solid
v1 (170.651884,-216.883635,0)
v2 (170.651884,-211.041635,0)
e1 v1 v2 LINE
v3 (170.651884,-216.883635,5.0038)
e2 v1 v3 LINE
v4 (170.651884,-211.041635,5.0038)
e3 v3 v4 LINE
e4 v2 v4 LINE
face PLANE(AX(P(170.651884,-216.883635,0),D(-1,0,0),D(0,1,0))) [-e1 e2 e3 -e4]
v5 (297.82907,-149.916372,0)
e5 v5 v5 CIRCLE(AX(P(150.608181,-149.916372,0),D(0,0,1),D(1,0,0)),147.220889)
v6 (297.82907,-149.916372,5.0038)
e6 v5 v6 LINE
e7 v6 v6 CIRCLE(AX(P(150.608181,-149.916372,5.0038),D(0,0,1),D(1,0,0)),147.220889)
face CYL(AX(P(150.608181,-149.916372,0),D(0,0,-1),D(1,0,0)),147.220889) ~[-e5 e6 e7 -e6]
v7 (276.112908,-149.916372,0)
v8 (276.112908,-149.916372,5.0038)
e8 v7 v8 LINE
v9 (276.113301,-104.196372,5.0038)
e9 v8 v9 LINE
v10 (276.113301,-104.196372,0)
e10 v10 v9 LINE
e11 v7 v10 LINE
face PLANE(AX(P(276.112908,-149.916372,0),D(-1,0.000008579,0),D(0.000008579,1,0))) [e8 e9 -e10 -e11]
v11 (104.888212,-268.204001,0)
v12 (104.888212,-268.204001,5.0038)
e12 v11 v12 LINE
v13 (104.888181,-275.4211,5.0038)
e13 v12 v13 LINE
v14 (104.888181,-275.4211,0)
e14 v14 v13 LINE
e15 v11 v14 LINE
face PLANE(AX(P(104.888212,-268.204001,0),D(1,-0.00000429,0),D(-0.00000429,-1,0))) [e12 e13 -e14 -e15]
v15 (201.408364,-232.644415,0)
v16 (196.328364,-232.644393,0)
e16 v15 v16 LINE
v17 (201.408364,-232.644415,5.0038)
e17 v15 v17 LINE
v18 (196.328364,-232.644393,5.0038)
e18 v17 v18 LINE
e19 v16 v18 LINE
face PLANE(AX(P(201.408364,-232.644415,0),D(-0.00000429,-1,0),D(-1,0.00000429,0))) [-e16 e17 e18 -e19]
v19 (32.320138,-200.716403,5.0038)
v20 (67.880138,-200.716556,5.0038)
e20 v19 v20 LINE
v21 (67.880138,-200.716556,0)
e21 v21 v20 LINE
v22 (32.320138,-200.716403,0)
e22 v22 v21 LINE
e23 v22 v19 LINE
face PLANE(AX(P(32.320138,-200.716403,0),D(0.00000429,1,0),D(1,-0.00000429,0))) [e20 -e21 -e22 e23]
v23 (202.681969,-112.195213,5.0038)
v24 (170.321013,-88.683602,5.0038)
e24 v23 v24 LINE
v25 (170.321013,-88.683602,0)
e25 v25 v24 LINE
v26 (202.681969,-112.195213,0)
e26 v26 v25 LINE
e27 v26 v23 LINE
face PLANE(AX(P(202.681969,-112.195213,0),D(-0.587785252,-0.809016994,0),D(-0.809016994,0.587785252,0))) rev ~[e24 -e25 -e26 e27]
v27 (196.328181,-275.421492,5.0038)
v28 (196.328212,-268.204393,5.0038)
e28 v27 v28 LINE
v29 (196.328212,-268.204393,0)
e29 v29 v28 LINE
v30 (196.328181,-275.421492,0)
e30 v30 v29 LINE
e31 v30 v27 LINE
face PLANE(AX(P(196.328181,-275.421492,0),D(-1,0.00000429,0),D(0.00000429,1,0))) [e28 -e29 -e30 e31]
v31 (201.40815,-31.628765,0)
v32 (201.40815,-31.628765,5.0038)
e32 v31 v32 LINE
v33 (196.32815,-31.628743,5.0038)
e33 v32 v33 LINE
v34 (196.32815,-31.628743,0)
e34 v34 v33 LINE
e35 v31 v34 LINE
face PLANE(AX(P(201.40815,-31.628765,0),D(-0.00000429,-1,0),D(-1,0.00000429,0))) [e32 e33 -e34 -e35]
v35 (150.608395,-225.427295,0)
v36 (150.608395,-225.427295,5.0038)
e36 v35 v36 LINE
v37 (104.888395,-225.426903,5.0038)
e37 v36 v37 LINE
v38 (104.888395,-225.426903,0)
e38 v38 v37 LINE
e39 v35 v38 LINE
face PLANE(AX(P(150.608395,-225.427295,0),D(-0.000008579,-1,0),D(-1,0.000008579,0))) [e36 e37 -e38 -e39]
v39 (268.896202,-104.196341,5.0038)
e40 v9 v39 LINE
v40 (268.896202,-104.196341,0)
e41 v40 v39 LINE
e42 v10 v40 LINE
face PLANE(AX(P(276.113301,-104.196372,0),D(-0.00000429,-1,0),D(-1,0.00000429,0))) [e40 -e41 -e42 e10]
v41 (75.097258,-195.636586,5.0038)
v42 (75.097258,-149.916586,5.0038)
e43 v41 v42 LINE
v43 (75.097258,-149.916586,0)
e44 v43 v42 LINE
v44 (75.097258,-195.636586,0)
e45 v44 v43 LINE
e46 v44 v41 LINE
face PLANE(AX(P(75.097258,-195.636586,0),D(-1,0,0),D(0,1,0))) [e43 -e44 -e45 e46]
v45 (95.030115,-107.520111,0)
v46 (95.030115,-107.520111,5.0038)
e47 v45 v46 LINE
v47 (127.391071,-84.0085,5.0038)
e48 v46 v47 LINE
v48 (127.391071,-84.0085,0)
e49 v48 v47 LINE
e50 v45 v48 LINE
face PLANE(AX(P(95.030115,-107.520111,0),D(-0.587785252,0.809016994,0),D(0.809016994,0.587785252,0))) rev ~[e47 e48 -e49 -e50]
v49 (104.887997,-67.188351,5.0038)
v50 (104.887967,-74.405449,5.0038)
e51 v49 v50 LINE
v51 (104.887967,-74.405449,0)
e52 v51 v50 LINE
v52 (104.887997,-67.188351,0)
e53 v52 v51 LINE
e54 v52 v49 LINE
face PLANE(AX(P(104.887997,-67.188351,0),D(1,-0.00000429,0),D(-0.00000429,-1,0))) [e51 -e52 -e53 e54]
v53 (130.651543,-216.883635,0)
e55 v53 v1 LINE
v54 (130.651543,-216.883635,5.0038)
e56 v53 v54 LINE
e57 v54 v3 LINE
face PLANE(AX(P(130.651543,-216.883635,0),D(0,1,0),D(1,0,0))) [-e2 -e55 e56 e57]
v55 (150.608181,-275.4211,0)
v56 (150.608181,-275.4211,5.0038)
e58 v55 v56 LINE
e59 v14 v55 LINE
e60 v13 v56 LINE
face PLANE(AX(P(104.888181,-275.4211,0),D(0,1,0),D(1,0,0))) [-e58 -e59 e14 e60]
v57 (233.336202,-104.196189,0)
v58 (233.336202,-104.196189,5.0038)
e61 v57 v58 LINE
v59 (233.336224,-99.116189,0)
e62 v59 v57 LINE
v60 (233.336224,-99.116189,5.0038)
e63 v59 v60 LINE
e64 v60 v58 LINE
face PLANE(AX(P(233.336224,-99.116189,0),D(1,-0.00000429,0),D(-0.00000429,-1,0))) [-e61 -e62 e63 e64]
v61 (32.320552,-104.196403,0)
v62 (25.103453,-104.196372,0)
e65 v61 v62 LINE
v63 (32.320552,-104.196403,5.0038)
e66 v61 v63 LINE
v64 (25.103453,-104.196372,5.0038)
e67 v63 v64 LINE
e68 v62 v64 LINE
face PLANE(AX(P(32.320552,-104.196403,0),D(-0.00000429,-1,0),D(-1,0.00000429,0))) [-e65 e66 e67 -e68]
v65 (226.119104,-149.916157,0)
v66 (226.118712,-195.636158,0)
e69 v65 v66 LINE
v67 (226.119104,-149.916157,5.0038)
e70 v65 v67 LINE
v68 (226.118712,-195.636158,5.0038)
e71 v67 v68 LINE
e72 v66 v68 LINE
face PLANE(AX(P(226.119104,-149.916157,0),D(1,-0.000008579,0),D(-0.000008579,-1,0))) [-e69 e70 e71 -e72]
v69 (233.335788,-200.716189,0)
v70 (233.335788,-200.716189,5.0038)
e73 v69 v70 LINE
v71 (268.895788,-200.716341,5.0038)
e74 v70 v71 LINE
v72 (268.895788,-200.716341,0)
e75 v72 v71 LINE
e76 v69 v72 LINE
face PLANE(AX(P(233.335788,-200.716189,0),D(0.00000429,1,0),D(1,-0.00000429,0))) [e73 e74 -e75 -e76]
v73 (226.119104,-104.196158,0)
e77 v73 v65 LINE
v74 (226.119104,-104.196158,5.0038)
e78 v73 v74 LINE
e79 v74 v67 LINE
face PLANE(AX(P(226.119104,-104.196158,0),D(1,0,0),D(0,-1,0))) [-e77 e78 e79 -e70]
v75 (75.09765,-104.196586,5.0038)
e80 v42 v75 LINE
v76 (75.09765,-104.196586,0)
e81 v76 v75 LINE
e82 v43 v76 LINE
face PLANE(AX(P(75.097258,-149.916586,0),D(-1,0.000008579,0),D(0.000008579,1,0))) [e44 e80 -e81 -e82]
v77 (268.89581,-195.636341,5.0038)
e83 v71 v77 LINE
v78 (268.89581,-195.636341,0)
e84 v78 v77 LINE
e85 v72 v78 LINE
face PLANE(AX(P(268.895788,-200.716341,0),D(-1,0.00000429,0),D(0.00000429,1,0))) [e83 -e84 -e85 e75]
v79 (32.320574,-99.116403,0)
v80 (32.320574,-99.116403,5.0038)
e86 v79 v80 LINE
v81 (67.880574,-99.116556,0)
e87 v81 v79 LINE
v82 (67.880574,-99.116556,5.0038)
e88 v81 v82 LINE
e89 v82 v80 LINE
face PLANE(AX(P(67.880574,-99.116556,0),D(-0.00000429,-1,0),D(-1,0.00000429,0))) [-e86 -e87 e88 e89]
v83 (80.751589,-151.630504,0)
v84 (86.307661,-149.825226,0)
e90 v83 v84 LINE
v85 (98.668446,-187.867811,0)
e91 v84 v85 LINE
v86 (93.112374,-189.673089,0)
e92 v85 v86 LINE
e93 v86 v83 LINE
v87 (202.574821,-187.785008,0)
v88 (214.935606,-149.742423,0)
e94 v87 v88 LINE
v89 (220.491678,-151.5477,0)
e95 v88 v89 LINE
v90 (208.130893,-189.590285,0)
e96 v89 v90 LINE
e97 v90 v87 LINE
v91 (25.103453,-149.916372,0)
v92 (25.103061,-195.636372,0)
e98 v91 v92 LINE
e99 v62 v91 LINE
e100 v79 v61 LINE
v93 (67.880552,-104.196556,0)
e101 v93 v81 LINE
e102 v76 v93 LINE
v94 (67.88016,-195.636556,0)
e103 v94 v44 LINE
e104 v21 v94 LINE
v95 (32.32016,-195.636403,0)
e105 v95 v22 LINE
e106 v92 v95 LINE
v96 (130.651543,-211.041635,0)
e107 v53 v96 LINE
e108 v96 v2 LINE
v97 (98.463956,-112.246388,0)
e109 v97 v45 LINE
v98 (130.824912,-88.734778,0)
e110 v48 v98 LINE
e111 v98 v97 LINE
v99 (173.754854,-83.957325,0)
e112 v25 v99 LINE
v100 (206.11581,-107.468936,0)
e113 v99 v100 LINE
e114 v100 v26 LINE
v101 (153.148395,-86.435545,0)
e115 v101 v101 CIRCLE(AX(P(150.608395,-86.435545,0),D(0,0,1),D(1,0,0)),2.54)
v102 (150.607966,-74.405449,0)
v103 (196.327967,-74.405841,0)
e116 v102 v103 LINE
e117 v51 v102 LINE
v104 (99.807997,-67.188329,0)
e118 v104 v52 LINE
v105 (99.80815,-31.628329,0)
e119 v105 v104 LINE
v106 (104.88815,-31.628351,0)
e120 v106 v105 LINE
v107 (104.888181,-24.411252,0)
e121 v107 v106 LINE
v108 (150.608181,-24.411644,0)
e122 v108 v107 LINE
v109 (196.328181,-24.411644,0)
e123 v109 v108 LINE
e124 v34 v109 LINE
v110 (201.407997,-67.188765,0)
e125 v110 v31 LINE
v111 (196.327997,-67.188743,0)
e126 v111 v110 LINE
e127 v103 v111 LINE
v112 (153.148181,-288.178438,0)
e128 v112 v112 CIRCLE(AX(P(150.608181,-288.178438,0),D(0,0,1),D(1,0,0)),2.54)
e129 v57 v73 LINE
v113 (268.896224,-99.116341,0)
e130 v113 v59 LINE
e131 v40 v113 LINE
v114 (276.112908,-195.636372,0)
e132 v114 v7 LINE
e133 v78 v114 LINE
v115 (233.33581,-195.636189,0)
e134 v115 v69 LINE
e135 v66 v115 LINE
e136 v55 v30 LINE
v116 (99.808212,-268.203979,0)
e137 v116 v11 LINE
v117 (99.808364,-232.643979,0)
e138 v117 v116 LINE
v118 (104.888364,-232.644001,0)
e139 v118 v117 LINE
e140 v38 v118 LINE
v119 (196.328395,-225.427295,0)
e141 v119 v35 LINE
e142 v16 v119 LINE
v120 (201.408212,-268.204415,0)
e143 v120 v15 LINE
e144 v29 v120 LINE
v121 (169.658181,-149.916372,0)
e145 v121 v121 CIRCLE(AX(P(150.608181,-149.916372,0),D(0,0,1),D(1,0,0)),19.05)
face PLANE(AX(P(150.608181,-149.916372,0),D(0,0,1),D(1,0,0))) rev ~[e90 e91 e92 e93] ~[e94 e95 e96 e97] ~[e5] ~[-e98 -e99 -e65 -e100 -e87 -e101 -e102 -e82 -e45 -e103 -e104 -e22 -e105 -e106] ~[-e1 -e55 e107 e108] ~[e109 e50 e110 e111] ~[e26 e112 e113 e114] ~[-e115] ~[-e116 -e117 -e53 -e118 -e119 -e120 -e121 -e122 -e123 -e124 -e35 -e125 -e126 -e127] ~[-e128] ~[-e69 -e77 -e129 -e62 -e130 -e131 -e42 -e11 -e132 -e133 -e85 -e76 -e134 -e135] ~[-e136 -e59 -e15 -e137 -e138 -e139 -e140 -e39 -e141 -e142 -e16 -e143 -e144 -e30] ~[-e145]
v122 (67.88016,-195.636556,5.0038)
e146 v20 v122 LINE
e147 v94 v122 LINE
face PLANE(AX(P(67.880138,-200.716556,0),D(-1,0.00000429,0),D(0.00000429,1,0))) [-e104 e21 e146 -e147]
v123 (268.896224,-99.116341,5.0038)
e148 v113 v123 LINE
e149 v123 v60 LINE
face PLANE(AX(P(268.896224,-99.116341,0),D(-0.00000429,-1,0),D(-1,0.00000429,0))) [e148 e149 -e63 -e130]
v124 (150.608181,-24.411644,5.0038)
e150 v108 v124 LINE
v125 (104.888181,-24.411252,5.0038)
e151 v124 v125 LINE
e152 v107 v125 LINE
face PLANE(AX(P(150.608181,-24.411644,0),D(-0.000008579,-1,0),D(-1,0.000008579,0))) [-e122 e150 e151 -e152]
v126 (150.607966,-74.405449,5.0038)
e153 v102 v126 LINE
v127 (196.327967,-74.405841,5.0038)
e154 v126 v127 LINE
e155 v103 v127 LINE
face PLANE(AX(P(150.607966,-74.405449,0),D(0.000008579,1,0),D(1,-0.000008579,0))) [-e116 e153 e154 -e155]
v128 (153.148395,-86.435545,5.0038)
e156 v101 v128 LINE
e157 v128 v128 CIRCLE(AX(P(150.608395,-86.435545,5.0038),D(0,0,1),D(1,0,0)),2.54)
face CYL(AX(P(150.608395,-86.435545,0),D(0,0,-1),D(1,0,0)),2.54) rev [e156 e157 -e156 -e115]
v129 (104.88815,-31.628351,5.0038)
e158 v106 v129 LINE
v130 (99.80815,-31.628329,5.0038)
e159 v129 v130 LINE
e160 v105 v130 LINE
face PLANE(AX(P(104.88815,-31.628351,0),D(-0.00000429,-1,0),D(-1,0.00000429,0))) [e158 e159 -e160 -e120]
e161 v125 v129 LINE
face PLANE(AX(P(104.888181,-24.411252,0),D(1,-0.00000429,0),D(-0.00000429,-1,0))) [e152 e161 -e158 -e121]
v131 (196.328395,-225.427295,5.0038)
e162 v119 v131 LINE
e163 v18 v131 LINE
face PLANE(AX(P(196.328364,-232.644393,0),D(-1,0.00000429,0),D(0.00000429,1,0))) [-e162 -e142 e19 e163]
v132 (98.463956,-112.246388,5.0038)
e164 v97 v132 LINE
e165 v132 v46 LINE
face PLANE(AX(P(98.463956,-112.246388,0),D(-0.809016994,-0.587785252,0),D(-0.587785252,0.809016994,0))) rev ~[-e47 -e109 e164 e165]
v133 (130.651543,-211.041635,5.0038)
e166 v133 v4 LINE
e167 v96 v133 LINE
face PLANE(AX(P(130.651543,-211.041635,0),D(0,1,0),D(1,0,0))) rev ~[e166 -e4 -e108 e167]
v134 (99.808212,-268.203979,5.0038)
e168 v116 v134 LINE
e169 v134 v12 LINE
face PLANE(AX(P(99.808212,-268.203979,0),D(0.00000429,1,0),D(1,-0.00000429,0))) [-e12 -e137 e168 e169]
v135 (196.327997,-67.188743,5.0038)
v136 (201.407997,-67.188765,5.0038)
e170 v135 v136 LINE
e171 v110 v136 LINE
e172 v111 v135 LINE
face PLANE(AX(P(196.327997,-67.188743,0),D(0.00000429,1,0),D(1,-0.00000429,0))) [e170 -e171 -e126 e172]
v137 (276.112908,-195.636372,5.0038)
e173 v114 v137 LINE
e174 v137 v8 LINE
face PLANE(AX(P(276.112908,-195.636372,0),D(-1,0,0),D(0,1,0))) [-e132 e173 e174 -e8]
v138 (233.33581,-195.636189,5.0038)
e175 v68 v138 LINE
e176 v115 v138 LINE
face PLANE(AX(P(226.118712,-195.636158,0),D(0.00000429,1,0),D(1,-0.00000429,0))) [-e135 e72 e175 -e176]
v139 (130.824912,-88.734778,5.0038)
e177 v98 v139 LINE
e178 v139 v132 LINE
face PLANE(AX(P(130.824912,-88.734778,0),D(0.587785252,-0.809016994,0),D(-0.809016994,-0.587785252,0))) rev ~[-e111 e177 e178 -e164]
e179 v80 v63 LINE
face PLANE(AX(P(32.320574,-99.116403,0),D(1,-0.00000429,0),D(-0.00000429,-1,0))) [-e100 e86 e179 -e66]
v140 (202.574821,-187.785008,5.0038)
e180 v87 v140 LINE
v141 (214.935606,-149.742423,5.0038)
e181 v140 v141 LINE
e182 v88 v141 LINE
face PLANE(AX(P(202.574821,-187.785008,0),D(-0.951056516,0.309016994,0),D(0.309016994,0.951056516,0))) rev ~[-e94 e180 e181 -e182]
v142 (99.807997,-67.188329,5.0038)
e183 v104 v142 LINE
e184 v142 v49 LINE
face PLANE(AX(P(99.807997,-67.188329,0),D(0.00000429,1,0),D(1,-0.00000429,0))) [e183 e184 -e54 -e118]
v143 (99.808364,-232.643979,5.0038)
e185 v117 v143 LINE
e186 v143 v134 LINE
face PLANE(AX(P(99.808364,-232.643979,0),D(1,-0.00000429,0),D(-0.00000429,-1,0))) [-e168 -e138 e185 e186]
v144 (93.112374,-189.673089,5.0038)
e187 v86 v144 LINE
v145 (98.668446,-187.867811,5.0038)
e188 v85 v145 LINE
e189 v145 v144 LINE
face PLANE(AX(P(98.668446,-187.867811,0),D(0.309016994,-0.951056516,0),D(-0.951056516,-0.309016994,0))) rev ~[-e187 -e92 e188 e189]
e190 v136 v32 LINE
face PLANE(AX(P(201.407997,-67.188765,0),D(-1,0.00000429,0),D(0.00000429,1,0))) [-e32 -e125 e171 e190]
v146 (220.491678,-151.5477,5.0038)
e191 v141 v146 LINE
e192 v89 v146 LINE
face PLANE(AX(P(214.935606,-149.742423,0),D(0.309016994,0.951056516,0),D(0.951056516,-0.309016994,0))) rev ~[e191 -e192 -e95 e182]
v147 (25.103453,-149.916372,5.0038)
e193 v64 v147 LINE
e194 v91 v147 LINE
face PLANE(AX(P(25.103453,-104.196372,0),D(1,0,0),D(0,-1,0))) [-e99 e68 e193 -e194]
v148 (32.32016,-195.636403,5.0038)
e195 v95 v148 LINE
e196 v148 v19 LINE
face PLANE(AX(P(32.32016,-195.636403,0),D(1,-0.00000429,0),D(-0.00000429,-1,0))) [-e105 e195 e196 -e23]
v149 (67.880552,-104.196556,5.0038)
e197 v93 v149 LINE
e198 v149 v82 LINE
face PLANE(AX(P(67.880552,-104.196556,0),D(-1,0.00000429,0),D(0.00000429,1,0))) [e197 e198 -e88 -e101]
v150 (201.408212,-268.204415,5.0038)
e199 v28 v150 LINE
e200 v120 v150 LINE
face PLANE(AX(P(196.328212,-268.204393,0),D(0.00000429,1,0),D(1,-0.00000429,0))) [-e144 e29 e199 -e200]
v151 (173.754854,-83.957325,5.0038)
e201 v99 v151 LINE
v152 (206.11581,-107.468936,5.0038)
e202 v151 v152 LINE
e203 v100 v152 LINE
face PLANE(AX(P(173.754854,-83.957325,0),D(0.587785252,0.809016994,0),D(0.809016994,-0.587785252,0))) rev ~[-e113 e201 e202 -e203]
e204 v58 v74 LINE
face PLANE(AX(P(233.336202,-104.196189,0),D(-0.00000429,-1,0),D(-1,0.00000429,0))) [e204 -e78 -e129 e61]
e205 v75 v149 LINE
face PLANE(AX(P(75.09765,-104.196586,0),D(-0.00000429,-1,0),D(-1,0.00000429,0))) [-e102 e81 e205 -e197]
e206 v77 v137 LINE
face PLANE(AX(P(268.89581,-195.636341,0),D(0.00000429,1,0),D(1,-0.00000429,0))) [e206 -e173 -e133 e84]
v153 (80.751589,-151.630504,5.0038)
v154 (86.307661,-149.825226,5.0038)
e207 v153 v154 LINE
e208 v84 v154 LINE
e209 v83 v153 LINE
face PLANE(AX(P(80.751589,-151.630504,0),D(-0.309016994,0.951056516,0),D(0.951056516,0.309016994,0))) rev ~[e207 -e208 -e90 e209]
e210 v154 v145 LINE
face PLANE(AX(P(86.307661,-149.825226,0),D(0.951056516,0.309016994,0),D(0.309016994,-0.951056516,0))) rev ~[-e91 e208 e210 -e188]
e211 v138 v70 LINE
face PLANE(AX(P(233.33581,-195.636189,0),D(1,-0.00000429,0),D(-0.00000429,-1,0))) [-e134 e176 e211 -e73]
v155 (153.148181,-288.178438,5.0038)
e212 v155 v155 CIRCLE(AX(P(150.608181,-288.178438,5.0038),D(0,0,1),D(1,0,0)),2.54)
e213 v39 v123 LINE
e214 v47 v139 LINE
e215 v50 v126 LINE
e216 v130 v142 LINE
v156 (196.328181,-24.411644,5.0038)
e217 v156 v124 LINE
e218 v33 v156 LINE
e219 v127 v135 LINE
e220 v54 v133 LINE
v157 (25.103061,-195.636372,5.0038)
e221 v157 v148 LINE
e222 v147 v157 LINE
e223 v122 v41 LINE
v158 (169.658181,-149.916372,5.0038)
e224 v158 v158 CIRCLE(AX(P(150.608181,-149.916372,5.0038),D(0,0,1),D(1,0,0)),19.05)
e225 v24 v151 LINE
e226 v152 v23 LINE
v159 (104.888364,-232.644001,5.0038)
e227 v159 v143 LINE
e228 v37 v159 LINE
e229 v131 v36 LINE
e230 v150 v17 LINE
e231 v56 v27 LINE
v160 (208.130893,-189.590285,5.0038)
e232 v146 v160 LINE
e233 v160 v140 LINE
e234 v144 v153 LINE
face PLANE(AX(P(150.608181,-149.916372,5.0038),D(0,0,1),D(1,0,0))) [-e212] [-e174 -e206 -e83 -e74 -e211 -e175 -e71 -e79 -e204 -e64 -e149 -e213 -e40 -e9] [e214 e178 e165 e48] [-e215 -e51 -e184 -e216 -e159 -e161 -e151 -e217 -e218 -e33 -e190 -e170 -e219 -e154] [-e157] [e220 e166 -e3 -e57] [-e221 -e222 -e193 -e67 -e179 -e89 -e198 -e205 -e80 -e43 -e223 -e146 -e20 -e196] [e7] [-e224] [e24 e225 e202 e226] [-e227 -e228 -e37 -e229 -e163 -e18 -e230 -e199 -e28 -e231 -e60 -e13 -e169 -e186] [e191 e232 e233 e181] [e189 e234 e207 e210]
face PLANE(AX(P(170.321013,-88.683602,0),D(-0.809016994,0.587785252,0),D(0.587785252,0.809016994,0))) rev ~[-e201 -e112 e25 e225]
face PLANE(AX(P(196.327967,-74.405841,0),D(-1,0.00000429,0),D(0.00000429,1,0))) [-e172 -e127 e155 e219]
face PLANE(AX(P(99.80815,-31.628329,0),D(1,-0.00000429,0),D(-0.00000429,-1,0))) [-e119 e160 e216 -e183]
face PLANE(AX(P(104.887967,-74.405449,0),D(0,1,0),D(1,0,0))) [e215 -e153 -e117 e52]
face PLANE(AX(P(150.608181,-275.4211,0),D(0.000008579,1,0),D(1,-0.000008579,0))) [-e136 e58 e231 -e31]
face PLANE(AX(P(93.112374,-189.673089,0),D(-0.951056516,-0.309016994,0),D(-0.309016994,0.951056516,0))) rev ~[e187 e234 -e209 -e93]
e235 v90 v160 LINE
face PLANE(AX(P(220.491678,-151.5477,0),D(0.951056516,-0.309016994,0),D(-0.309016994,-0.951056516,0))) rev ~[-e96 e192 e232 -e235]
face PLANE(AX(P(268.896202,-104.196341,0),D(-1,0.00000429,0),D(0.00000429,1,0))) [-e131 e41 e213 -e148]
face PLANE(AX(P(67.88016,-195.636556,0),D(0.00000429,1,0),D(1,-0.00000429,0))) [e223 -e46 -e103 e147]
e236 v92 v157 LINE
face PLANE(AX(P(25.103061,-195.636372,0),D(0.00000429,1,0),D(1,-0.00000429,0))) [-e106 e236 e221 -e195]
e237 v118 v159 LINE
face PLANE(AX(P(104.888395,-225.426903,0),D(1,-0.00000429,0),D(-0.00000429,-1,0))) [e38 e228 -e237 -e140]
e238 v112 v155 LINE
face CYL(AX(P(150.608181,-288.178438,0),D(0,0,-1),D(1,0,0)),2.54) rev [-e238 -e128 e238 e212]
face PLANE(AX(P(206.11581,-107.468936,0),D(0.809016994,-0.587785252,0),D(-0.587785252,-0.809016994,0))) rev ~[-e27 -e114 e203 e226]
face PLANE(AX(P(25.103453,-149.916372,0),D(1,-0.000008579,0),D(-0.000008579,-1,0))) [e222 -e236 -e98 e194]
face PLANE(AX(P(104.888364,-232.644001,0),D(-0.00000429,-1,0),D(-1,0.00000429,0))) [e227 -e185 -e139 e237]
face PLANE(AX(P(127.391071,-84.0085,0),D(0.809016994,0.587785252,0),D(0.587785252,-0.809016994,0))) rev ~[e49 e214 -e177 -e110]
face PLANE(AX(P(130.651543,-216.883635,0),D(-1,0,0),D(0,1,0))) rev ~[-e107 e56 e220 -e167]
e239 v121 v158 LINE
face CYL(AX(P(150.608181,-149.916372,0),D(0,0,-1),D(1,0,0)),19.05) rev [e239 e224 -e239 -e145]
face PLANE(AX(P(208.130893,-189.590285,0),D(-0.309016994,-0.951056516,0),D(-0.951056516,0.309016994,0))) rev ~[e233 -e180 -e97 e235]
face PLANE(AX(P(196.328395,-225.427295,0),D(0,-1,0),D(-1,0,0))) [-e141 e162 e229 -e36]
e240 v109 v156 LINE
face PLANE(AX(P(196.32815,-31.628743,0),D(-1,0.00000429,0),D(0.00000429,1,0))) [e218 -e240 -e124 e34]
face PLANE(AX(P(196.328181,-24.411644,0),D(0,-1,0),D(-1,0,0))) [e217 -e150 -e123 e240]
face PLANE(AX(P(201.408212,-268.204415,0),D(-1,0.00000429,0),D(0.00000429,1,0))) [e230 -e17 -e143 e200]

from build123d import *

# Parameters (mm, degrees)
MODEL_R             = 147.220888612
MODEL_R_2           = 2.54
MODEL_R_3           = 19.05
MODEL_W             = 40.000341048
MODEL_H             = 5.842
BOSS_EXTRUDE1_DEPTH = 5.0038


with BuildPart() as part:
    # Model → Boss-Extrude1 (new body)
    with BuildSketch(Plane.XY):
        with Locations((150.608180965, -149.916372011)):
            Circle(MODEL_R)
        with Locations((150.608180965, -288.178437552)):
            Circle(MODEL_R_2, mode=Mode.SUBTRACT)
        with Locations((150.608180965, -149.916372011)):
            Circle(MODEL_R_3, mode=Mode.SUBTRACT)
        with Locations((150.608395424, -86.435544776)):
            Circle(MODEL_R_2, mode=Mode.SUBTRACT)
        Polygon((75.097257942, -195.636586469), (75.097257942, -149.916586488), (75.097650189, -104.19658647), (67.880551818, -104.196555511), (67.880573609, -99.116555511), (32.320573609, -99.116402971), (32.320551818, -104.196402971), (25.103453446, -104.196372012), (25.103453446, -149.916371999), (25.103061199, -195.636372011), (32.32015957, -195.63640297), (32.320137779, -200.71640297), (67.880137779, -200.71655551), (67.88015957, -195.63655551), align=None, mode=Mode.SUBTRACT)
        with Locations((150.651713387, -213.962635212)):
            Rectangle(MODEL_W, MODEL_H, mode=Mode.SUBTRACT)
        Polygon((93.11237376, -189.673088704), (80.751588595, -151.630503696), (86.307660763, -149.825226415), (98.668445928, -187.867811423), align=None, mode=Mode.SUBTRACT)
        Polygon((95.030114956, -107.520111007), (127.391070645, -84.008500452), (130.824912089, -88.734777734), (98.4639564, -112.246388288), align=None, mode=Mode.SUBTRACT)
        Polygon((196.328395424, -225.427295034), (150.608395424, -225.427295034), (104.888395425, -225.426902787), (104.888364466, -232.644001159), (99.808364466, -232.643979367), (99.808211925, -268.203979367), (104.888211925, -268.204001158), (104.888180966, -275.42109953), (150.608180967, -275.42109953), (196.328180965, -275.421491778), (196.328211924, -268.204393406), (201.408211924, -268.204415197), (201.408364465, -232.644415198), (196.328364465, -232.644393406), align=None, mode=Mode.SUBTRACT)
        Polygon((104.887966507, -74.405448987), (150.607966472, -74.405448987), (196.327966506, -74.405841235), (196.327997465, -67.188742863), (201.407997465, -67.188764655), (201.408150006, -31.628764655), (196.328150006, -31.628742863), (196.328180965, -24.411644492), (150.608181003, -24.411644492), (104.888180965, -24.411252244), (104.888150006, -31.628350616), (99.808150007, -31.628328824), (99.807997466, -67.188328824), (104.887997466, -67.188350615), align=None, mode=Mode.SUBTRACT)
        Polygon((226.119103989, -104.196157552), (226.119103989, -149.916157498), (226.118711741, -195.636157551), (233.335810113, -195.63618851), (233.335788322, -200.71618851), (268.895788321, -200.716341051), (268.895810113, -195.636341051), (276.112908485, -195.63637201), (276.112908485, -149.916372061), (276.113300732, -104.196372011), (268.89620236, -104.196341052), (268.896224152, -99.116341052), (233.336224152, -99.116188511), (233.336202361, -104.196188511), align=None, mode=Mode.SUBTRACT)
        Polygon((173.754854348, -83.957325021), (206.115810037, -107.468935576), (202.681968593, -112.195212857), (170.321012904, -88.683602302), align=None, mode=Mode.SUBTRACT)
        Polygon((220.491677852, -151.547700109), (208.130892687, -189.590285117), (202.574820519, -187.785007836), (214.935605684, -149.742422828), align=None, mode=Mode.SUBTRACT)
    extrude(amount=BOSS_EXTRUDE1_DEPTH)


solid = part.part
